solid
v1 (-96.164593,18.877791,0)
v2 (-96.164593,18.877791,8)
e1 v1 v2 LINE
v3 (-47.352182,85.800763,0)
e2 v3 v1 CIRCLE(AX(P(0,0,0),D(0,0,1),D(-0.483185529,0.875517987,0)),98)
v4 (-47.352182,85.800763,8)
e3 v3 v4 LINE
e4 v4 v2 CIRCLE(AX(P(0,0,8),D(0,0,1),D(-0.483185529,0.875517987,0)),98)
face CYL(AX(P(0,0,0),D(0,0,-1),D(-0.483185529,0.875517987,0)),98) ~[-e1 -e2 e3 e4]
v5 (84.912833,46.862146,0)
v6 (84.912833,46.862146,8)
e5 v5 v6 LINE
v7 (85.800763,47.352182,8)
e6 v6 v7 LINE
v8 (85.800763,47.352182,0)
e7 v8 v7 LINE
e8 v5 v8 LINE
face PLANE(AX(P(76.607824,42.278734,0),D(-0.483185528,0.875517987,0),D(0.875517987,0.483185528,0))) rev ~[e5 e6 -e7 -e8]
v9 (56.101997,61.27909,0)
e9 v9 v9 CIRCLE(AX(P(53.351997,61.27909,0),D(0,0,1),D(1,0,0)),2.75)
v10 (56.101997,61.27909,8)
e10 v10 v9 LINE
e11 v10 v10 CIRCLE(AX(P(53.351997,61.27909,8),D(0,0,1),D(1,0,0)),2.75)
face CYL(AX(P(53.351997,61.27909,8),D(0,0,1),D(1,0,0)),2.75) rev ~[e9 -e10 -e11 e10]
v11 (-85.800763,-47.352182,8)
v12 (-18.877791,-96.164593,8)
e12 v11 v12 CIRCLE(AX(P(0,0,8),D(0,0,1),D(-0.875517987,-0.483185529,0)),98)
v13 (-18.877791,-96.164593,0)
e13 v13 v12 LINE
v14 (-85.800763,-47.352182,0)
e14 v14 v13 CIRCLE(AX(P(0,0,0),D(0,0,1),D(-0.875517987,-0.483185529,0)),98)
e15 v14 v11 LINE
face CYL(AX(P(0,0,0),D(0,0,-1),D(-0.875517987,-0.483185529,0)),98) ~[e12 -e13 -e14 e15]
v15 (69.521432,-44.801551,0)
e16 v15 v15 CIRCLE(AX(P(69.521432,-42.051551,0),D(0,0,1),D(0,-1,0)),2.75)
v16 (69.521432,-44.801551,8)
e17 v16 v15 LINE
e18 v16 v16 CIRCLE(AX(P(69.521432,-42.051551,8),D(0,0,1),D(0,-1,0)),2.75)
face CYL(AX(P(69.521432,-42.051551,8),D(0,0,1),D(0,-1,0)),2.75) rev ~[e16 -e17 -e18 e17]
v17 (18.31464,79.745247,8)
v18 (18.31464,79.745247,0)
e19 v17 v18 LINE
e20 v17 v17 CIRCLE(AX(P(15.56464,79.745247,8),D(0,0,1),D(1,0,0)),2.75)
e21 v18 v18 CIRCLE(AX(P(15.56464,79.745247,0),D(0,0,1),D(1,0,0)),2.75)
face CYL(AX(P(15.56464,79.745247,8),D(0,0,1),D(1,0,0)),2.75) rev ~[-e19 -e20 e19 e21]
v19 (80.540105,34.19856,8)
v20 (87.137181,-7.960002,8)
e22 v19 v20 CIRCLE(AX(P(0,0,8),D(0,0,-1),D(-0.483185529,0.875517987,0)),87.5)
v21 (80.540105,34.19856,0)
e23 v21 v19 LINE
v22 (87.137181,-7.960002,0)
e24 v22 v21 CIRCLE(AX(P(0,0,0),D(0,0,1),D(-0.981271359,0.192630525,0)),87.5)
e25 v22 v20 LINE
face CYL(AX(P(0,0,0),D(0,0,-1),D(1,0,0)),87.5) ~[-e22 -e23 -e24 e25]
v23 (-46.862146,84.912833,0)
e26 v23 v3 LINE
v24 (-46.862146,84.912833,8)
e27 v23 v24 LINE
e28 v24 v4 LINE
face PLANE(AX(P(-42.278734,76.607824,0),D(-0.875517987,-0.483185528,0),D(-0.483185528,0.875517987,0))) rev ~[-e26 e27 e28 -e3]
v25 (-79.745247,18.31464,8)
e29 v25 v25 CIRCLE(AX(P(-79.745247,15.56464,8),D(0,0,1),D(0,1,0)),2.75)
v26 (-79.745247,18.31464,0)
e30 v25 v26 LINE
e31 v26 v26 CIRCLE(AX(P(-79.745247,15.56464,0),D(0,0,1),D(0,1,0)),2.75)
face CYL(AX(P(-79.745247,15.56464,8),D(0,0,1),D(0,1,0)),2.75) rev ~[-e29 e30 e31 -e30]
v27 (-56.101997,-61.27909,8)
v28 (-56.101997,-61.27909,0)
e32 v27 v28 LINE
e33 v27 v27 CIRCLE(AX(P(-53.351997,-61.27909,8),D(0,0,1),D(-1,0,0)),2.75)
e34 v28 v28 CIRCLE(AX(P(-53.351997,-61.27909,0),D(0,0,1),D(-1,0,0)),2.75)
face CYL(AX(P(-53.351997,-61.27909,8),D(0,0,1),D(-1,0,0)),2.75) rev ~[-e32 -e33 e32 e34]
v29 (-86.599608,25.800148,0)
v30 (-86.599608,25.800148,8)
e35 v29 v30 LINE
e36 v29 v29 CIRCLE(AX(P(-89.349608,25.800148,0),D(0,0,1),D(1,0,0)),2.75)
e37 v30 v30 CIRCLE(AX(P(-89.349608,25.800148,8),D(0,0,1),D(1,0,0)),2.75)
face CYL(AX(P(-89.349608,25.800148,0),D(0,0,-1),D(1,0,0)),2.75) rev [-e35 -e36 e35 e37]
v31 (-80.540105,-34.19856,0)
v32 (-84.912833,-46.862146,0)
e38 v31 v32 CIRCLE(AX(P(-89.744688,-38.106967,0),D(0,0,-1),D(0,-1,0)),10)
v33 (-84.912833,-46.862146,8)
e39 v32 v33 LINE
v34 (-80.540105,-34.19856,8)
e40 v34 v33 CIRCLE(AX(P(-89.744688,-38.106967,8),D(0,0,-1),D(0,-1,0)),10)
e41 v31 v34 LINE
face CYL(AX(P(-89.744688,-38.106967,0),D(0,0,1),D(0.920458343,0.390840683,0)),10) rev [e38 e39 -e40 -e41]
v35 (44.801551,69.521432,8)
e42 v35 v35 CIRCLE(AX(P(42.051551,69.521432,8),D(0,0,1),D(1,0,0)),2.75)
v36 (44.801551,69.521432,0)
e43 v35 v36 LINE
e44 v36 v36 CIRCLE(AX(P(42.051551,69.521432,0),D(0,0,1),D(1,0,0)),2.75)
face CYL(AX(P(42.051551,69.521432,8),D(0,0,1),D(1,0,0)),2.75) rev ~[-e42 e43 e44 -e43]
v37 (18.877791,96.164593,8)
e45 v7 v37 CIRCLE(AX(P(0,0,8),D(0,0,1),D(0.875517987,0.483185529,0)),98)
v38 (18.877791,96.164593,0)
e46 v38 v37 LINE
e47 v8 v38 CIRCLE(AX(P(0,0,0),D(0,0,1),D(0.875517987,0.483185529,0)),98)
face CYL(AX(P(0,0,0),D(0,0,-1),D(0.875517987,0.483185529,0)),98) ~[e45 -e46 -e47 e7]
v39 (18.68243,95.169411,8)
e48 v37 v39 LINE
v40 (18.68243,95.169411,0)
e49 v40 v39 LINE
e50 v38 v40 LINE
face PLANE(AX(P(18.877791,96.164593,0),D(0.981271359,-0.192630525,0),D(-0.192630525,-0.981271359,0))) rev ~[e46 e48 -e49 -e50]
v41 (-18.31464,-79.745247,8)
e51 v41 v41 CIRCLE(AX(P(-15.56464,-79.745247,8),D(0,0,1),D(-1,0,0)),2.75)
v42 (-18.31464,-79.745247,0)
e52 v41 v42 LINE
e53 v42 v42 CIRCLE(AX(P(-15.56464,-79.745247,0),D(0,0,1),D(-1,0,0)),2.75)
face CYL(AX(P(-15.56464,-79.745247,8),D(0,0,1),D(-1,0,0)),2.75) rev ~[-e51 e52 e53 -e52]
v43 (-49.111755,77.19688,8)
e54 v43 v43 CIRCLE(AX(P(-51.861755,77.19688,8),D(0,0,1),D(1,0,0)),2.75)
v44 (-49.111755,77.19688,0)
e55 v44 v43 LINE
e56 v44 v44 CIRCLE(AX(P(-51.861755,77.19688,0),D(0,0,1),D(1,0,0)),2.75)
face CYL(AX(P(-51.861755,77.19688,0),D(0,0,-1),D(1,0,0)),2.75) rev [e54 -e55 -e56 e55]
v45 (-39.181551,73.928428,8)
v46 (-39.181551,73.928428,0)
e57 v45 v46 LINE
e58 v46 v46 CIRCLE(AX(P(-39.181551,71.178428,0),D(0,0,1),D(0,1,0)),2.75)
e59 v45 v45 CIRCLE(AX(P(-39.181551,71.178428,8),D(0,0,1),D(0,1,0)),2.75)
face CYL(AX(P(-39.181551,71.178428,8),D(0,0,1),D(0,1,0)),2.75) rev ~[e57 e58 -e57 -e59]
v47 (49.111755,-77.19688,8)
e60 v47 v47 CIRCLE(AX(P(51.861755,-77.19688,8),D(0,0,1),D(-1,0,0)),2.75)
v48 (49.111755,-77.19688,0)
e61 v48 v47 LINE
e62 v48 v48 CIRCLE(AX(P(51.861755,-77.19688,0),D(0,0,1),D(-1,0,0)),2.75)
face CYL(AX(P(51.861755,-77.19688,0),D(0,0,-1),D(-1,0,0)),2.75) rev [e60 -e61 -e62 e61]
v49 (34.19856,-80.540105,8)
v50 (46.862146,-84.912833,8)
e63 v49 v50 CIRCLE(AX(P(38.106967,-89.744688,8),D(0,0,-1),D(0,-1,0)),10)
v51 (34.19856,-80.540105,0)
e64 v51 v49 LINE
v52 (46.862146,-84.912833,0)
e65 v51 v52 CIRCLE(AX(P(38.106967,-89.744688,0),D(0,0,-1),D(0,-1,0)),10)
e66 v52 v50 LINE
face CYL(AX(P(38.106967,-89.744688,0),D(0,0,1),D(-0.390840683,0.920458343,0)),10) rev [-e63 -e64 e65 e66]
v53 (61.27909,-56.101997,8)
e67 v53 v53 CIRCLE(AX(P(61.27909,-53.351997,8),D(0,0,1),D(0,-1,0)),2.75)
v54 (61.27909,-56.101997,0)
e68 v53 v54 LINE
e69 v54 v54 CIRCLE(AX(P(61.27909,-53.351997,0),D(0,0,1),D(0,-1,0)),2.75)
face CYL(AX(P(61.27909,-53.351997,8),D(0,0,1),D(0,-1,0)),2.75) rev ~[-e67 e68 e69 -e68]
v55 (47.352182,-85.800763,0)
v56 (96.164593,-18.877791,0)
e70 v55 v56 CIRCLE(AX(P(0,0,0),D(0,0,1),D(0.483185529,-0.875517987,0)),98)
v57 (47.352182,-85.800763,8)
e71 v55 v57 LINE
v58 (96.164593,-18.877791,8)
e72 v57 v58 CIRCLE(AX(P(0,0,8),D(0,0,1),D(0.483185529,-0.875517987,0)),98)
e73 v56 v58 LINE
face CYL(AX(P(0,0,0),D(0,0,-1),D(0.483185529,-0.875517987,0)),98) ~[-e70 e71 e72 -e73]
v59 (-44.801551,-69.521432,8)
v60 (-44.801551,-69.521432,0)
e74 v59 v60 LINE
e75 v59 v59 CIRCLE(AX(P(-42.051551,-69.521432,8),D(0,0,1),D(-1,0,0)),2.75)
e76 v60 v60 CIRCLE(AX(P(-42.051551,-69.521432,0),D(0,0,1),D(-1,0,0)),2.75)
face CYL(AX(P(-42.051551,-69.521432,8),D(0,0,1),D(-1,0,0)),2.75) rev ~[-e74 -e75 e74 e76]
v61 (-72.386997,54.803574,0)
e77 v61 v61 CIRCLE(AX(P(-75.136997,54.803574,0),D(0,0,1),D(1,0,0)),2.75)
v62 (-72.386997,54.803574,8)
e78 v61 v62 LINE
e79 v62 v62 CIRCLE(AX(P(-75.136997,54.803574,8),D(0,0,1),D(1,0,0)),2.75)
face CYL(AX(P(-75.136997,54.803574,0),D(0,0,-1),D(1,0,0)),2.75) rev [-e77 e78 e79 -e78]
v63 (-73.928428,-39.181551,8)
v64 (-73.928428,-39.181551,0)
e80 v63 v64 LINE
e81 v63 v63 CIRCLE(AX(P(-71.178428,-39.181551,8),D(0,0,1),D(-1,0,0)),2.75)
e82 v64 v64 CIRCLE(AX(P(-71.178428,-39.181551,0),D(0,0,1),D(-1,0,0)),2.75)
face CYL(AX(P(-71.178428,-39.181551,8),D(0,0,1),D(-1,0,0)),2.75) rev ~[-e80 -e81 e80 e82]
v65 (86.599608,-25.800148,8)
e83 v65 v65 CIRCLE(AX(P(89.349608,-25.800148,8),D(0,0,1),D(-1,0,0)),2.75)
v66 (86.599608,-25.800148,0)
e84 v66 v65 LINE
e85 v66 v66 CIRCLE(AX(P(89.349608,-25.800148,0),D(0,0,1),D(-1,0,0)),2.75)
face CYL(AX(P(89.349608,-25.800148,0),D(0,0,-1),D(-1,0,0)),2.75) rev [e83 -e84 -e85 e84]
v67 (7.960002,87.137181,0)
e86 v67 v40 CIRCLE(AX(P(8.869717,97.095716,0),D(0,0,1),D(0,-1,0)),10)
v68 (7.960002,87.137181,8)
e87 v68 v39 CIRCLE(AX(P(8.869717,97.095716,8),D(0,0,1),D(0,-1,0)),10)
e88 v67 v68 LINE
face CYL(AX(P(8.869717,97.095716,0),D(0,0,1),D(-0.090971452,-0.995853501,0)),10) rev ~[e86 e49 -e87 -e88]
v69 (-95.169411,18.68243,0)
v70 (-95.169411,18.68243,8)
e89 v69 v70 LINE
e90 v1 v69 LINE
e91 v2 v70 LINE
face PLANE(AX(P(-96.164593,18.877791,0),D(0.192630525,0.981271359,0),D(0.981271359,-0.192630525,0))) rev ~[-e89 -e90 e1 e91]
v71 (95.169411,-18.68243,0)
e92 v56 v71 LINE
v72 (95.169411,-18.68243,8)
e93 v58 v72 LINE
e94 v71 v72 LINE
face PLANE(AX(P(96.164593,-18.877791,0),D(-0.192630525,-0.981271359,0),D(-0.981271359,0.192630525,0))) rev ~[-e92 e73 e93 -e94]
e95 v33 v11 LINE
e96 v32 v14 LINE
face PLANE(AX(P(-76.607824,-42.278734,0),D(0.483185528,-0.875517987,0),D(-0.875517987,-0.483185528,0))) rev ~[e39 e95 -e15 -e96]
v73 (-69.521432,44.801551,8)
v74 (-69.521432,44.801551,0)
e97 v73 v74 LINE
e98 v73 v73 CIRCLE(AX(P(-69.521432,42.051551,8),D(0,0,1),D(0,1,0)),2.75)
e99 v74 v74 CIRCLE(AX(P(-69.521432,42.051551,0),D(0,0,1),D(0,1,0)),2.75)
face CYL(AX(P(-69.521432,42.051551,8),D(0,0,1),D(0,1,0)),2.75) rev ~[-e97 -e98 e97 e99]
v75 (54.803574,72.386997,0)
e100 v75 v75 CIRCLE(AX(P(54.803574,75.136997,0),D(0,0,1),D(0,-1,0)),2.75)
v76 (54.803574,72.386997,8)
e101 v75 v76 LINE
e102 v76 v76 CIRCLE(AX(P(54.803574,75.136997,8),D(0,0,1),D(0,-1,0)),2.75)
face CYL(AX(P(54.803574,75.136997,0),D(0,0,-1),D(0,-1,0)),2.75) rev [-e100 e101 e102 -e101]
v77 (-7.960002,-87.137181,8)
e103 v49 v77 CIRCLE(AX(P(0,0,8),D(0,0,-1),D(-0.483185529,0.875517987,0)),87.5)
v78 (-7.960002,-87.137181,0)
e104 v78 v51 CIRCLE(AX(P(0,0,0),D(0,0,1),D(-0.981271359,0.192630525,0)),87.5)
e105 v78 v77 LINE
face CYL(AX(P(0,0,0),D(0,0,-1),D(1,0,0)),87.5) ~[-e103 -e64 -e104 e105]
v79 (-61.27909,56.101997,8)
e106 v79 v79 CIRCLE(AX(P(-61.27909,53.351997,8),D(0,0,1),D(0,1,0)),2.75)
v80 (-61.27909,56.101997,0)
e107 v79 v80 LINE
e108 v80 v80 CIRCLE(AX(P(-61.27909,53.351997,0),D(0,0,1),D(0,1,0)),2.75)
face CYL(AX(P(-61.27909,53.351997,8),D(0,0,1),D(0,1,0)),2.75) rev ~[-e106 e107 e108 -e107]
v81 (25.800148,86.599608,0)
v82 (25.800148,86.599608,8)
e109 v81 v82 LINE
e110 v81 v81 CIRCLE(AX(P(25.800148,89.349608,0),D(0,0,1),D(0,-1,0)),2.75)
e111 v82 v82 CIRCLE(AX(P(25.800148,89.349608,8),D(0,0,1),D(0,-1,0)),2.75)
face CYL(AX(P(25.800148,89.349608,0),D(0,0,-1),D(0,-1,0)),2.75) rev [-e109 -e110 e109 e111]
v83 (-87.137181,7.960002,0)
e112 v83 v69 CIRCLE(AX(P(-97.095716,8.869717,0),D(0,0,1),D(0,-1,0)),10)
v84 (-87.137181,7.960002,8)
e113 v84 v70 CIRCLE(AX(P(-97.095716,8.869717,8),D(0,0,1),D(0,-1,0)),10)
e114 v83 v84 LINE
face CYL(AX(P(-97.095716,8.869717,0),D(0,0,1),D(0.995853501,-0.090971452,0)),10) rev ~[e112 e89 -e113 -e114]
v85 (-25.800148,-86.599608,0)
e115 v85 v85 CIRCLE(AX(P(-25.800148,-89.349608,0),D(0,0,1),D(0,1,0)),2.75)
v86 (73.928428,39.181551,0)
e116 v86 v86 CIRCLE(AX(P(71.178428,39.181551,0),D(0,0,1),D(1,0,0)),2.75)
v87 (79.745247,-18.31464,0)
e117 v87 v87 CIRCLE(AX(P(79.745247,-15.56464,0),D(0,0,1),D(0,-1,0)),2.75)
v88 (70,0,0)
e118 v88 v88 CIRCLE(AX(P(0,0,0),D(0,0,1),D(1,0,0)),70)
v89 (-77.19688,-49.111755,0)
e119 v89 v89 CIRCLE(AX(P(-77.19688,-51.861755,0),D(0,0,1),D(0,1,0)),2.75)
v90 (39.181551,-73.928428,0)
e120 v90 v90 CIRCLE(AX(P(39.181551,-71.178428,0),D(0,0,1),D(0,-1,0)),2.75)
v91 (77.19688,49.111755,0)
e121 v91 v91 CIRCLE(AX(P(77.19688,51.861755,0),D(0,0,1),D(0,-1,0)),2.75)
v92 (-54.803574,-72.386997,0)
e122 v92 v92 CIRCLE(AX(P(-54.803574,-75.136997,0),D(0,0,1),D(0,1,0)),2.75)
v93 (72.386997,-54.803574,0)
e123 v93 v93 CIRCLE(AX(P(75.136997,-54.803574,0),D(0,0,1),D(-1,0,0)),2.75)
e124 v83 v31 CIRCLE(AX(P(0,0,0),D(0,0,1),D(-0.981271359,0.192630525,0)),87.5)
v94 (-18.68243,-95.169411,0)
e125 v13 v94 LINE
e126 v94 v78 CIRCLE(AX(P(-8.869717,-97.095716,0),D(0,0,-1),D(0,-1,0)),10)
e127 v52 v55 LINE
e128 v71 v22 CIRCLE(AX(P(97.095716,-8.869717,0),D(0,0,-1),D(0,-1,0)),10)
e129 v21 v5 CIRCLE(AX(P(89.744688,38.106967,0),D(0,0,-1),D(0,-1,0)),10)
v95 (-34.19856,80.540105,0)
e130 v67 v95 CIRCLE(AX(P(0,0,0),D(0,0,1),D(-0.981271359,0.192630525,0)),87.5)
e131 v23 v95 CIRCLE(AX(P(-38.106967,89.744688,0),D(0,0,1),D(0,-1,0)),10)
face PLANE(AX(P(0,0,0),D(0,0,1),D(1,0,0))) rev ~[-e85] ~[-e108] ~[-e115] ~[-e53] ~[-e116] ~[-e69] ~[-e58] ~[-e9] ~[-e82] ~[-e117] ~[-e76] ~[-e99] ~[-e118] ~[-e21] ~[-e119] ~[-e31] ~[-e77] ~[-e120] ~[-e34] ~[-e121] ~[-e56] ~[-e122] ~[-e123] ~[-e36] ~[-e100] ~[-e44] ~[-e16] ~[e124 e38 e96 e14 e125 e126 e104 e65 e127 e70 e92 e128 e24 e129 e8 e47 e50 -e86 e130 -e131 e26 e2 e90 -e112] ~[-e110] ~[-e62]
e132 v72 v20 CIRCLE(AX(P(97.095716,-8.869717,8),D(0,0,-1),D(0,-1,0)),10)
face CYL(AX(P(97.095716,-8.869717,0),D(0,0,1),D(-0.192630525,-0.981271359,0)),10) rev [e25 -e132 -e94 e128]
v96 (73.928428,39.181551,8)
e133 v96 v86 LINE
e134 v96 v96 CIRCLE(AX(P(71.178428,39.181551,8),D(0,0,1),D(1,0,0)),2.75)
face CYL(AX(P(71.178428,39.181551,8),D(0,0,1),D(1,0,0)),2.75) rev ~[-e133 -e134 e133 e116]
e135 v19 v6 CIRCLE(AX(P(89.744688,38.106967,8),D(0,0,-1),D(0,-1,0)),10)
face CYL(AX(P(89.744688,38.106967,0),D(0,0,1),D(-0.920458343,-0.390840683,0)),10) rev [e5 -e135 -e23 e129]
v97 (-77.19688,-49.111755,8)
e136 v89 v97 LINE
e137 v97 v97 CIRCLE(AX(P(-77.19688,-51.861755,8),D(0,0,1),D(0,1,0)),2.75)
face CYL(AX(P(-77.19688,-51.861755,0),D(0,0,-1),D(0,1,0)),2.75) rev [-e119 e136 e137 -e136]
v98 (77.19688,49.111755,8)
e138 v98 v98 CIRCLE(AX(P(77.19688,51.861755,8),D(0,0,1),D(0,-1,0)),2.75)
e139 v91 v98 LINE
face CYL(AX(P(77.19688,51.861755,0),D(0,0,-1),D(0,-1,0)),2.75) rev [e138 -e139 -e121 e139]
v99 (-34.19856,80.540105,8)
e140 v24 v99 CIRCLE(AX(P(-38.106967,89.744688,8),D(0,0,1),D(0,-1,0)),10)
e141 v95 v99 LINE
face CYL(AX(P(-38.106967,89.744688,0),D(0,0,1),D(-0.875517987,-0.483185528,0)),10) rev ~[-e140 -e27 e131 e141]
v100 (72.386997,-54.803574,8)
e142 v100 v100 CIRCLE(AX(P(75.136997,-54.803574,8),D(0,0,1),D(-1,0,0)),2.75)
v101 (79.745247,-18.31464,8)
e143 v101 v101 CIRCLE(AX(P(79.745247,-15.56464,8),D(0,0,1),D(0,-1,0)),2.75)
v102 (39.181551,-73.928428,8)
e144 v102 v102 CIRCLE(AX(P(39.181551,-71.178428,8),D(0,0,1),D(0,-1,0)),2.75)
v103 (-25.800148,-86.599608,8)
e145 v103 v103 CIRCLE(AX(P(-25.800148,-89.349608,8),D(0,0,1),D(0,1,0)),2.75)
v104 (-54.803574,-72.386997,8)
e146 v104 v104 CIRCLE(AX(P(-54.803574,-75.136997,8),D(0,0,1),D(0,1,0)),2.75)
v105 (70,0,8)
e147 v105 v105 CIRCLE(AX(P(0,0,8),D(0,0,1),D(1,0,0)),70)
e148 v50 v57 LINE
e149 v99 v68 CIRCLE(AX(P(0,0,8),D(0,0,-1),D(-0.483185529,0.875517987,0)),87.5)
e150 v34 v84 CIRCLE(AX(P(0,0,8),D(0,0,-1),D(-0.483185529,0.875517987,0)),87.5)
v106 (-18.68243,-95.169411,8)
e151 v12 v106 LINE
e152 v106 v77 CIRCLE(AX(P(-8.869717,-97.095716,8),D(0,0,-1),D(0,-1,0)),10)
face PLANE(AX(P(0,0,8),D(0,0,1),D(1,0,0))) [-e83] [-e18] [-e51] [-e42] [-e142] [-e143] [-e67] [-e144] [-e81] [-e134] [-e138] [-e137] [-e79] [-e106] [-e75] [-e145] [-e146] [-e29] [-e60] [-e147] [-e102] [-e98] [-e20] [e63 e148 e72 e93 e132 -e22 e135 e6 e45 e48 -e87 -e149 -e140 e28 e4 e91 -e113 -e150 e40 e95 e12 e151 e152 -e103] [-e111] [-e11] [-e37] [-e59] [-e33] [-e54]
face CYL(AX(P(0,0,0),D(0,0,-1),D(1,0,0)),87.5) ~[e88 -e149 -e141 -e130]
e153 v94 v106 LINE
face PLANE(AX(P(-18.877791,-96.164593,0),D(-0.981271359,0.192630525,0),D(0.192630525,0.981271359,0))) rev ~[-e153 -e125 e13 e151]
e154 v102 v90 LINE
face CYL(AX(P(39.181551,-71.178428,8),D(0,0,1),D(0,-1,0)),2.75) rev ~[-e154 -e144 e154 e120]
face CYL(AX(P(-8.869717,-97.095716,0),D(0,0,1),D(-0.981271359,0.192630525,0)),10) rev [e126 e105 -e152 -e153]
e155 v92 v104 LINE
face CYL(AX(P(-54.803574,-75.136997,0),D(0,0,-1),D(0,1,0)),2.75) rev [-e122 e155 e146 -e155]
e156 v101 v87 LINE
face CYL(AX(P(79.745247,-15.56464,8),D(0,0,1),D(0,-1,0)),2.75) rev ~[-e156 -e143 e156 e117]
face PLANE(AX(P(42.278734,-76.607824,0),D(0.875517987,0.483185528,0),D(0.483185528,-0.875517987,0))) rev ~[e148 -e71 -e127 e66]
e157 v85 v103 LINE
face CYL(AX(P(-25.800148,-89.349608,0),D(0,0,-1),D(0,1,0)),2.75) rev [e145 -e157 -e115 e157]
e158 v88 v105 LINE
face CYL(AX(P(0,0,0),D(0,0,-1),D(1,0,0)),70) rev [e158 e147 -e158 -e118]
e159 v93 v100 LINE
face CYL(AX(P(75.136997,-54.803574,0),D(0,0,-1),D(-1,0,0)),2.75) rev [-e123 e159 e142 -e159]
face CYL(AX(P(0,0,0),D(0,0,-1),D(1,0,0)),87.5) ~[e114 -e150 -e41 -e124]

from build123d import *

# Parameters (mm, degrees)
SKETCH_1_R               = 87.5
SKETCH_1_R_2             = 70
EXTRUDE_1_DEPTH          = 8
SKETCH_2_R               = 2.75
CUT_EXTRUDE_1_DEPTH      = 10
PATTERN_CIRCULAR_1_COUNT = 4
EXTRUDE_START            = -8
SKETCH_3_R               = 2.75
EXTRUDE_2_DEPTH          = 8
PATTERN_CIRCULAR_2_COUNT = 4
FILLET_1_R               = 10


with BuildPart() as part:
    # 草图1 → 凸台-拉伸1 (new body)
    with BuildSketch(Plane.XY):
        Circle(SKETCH_1_R)
        Circle(SKETCH_1_R_2, mode=Mode.SUBTRACT)
    extrude(amount=EXTRUDE_1_DEPTH)

    # 草图2 → 切除-拉伸1 (cut)
    with BuildSketch(Plane.XY.offset(8)):
        with Locations((42.051550898, 69.52143243)):
            Circle(SKETCH_2_R)
        with Locations((53.351997363, 61.27909005)):
            Circle(SKETCH_2_R)
        with Locations((71.178427561, 39.181551143)):
            Circle(SKETCH_2_R)
        with Locations((15.564640034, 79.745247386)):
            Circle(SKETCH_2_R)
    cut_extrude_1 = extrude(amount=-CUT_EXTRUDE_1_DEPTH, mode=Mode.SUBTRACT)

    # 阵列(圆周)1: 切除-拉伸1 ×4 about axis
    pattern_circular_1_axis = Axis((0, 0, 0), (0, 0, 1))
    for i in range(1, PATTERN_CIRCULAR_1_COUNT):
        add(cut_extrude_1.rotate(pattern_circular_1_axis, i * 360 / PATTERN_CIRCULAR_1_COUNT), mode=Mode.SUBTRACT)

    # 草图3 → 凸台-拉伸2 (add)
    with BuildSketch(Plane.XY.offset(8).offset(EXTRUDE_START)):
        with BuildLine():
            Line((-42.278733745, 76.607823836), (-47.352181794, 85.800762697))
            ThreePointArc((-47.352181794, 85.800762697), (-79.17662028, 57.750002606), (-96.164593228, 18.87779143))
            Line((-96.164593228, 18.87779143), (-85.861243954, 16.85517092))
            ThreePointArc((-85.861243954, 16.85517092), (-70.693410964, 51.562502327), (-42.278733745, 76.607823836))
        make_face()
        with Locations((-89.349607638, 25.800147575)):
            Circle(SKETCH_3_R, mode=Mode.SUBTRACT)
        with Locations((-51.861755237, 77.196880402)):
            Circle(SKETCH_3_R, mode=Mode.SUBTRACT)
        with Locations((-75.136996797, 54.803573902)):
            Circle(SKETCH_3_R, mode=Mode.SUBTRACT)
    extrude_2 = extrude(amount=EXTRUDE_2_DEPTH)

    # 阵列(圆周)2: 凸台-拉伸2 ×4 about axis
    pattern_circular_2_axis = Axis((0, 0, 0), (0, 0, 1))
    for i in range(1, PATTERN_CIRCULAR_2_COUNT):
        add(extrude_2.rotate(pattern_circular_2_axis, i * 360 / PATTERN_CIRCULAR_2_COUNT))

    # 圆角1
    fillet_1_edges = [part.edges().sort_by_distance(p)[0] for p in [
        (-16.85517092, -85.861243954, 4),
        (-76.607823836, -42.278733745, 4),
        (85.861243954, -16.85517092, 4),
        (42.278733745, -76.607823836, 4),
        (16.85517092, 85.861243954, 4),
        (76.607823836, 42.278733745, 4),
        (-85.861243954, 16.85517092, 4),
        (-42.278733745, 76.607823836, 4),
    ]]
    fillet(fillet_1_edges, radius=FILLET_1_R)


solid = part.part
